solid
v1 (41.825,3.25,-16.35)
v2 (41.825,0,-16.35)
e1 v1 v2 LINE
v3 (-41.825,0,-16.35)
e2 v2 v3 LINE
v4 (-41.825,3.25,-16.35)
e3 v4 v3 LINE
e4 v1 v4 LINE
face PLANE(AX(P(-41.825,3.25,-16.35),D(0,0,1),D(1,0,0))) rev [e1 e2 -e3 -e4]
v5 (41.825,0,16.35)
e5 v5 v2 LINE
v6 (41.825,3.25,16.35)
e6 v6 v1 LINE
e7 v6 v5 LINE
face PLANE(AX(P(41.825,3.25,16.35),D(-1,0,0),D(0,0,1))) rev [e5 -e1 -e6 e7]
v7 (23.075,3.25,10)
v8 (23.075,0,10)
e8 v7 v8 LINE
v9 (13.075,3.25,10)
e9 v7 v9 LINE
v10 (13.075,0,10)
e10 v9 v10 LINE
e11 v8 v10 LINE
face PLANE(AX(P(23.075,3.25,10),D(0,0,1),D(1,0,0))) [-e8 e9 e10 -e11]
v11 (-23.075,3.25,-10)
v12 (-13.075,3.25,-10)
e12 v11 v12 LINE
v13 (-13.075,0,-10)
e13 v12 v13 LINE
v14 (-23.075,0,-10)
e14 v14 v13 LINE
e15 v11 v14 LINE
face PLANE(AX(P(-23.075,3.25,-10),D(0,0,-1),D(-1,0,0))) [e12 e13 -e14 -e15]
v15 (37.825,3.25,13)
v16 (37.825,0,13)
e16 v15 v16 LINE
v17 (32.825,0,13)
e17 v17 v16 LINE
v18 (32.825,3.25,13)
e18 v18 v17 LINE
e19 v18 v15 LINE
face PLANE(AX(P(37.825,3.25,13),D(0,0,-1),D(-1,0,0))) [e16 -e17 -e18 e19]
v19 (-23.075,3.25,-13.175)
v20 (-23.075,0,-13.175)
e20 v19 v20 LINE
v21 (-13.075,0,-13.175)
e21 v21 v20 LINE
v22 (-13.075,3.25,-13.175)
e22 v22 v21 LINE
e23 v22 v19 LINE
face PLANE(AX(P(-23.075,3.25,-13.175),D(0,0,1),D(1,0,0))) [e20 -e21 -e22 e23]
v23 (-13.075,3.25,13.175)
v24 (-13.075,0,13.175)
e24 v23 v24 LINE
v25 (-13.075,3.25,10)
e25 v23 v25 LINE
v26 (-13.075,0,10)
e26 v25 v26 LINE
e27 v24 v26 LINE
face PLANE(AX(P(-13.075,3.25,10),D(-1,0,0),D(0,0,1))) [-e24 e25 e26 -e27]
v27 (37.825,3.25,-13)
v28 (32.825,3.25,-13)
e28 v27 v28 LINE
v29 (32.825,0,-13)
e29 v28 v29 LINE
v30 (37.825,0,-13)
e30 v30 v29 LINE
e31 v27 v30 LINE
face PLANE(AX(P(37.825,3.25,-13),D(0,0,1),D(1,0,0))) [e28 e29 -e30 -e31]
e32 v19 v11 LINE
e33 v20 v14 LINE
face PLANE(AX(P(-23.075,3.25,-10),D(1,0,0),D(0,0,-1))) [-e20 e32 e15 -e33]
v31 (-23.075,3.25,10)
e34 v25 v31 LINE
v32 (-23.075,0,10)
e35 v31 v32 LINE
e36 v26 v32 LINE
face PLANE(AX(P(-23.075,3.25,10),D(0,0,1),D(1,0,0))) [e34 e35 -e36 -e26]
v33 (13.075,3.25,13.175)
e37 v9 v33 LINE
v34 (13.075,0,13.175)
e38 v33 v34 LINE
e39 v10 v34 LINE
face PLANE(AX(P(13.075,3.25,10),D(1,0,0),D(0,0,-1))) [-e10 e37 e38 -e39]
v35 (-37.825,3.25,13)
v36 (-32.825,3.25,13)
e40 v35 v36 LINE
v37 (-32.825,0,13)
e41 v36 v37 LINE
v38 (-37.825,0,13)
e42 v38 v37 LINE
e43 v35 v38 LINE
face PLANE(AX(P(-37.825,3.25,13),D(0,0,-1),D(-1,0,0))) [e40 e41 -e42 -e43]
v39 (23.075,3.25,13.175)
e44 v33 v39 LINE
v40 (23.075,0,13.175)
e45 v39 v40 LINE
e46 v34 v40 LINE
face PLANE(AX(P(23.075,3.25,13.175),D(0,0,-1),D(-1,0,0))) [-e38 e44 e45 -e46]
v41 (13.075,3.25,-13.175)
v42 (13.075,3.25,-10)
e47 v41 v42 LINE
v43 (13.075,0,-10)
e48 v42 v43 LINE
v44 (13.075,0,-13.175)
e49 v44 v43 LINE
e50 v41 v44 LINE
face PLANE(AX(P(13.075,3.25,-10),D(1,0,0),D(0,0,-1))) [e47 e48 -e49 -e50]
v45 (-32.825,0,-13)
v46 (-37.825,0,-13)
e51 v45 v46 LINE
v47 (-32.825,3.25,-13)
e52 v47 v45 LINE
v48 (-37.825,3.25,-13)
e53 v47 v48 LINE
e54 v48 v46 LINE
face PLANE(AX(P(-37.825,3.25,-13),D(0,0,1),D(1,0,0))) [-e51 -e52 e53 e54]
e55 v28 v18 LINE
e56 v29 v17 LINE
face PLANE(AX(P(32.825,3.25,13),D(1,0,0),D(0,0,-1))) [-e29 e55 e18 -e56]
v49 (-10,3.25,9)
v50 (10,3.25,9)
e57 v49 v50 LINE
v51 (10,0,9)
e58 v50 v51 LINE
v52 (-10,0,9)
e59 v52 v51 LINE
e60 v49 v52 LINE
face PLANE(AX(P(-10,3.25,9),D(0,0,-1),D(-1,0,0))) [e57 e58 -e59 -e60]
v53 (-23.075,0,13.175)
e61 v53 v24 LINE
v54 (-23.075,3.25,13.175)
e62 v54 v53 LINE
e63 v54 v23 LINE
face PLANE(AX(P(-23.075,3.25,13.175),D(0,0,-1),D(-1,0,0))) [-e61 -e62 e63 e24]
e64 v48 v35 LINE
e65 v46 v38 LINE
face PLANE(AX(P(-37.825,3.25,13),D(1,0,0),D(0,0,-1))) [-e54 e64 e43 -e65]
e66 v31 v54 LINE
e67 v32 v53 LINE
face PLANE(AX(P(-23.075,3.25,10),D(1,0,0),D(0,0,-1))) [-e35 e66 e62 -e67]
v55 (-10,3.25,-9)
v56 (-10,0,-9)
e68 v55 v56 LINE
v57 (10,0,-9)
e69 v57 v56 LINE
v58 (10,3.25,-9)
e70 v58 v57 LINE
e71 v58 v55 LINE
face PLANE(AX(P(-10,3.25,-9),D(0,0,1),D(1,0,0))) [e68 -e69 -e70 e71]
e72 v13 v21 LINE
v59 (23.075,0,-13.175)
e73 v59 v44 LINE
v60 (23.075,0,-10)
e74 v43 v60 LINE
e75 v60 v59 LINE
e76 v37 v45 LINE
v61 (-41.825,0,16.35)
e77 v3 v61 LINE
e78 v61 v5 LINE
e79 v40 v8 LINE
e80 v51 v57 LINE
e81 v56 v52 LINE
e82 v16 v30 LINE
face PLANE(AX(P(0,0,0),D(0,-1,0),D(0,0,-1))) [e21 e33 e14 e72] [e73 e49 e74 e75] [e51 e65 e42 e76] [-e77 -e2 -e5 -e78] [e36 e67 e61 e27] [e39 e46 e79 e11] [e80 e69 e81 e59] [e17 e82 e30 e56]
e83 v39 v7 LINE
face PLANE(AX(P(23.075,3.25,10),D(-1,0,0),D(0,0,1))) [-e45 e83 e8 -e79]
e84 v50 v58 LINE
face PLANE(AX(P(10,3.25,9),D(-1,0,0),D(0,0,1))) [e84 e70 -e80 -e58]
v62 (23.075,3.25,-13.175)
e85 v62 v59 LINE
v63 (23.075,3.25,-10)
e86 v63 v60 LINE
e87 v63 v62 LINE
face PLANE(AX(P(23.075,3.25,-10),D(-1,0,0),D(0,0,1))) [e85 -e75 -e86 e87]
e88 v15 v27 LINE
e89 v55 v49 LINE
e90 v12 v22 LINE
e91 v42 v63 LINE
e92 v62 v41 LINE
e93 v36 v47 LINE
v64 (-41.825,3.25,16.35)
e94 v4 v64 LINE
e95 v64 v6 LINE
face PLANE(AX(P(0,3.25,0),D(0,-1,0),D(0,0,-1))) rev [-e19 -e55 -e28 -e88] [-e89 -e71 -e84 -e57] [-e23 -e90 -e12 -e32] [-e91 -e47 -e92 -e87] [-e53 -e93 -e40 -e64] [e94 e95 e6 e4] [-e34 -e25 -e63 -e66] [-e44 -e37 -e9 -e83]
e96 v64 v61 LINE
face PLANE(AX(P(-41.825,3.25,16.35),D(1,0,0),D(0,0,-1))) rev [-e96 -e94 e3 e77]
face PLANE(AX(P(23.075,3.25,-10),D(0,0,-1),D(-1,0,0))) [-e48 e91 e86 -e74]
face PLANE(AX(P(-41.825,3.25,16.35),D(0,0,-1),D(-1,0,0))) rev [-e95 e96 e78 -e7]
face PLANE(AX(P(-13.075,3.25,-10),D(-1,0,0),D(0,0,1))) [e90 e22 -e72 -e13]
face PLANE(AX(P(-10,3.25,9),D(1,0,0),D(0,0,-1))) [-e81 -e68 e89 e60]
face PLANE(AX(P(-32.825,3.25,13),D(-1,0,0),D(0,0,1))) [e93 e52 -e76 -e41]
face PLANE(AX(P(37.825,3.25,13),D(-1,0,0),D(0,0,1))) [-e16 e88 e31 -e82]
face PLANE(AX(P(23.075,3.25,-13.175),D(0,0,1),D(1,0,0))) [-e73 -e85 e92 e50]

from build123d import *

# Parameters (mm, degrees)
SKETCH1_W           = 83.65
SKETCH1_H           = 32.7
SKETCH1_W_2         = 5
SKETCH1_H_2         = 26
SKETCH1_W_3         = 10
SKETCH1_H_3         = 3.175
SKETCH1_W_4         = 20
SKETCH1_H_4         = 18
BOSS_EXTRUDE1_DEPTH = 3.25


with BuildPart() as part:
    # Sketch1 → Boss-Extrude1 (new body)
    with BuildSketch(Plane(origin=(0, 0, 0), x_dir=(1, 0, 0), z_dir=(0, 1, 0))):
        Rectangle(SKETCH1_W, SKETCH1_H)
        with Locations((-35.325, 0)):
            Rectangle(SKETCH1_W_2, SKETCH1_H_2, mode=Mode.SUBTRACT)
        with Locations((-18.075, 11.5875)):
            Rectangle(SKETCH1_W_3, SKETCH1_H_3, mode=Mode.SUBTRACT)
        with Locations((35.325, 0)):
            Rectangle(SKETCH1_W_2, SKETCH1_H_2, mode=Mode.SUBTRACT)
        with Locations((18.075, 11.5875)):
            Rectangle(SKETCH1_W_3, SKETCH1_H_3, mode=Mode.SUBTRACT)
        with Locations((18.075, -11.5875)):
            Rectangle(SKETCH1_W_3, SKETCH1_H_3, mode=Mode.SUBTRACT)
        with Locations((-18.075, -11.5875)):
            Rectangle(SKETCH1_W_3, SKETCH1_H_3, mode=Mode.SUBTRACT)
        Rectangle(SKETCH1_W_4, SKETCH1_H_4, mode=Mode.SUBTRACT)
    extrude(amount=BOSS_EXTRUDE1_DEPTH)


solid = part.part
